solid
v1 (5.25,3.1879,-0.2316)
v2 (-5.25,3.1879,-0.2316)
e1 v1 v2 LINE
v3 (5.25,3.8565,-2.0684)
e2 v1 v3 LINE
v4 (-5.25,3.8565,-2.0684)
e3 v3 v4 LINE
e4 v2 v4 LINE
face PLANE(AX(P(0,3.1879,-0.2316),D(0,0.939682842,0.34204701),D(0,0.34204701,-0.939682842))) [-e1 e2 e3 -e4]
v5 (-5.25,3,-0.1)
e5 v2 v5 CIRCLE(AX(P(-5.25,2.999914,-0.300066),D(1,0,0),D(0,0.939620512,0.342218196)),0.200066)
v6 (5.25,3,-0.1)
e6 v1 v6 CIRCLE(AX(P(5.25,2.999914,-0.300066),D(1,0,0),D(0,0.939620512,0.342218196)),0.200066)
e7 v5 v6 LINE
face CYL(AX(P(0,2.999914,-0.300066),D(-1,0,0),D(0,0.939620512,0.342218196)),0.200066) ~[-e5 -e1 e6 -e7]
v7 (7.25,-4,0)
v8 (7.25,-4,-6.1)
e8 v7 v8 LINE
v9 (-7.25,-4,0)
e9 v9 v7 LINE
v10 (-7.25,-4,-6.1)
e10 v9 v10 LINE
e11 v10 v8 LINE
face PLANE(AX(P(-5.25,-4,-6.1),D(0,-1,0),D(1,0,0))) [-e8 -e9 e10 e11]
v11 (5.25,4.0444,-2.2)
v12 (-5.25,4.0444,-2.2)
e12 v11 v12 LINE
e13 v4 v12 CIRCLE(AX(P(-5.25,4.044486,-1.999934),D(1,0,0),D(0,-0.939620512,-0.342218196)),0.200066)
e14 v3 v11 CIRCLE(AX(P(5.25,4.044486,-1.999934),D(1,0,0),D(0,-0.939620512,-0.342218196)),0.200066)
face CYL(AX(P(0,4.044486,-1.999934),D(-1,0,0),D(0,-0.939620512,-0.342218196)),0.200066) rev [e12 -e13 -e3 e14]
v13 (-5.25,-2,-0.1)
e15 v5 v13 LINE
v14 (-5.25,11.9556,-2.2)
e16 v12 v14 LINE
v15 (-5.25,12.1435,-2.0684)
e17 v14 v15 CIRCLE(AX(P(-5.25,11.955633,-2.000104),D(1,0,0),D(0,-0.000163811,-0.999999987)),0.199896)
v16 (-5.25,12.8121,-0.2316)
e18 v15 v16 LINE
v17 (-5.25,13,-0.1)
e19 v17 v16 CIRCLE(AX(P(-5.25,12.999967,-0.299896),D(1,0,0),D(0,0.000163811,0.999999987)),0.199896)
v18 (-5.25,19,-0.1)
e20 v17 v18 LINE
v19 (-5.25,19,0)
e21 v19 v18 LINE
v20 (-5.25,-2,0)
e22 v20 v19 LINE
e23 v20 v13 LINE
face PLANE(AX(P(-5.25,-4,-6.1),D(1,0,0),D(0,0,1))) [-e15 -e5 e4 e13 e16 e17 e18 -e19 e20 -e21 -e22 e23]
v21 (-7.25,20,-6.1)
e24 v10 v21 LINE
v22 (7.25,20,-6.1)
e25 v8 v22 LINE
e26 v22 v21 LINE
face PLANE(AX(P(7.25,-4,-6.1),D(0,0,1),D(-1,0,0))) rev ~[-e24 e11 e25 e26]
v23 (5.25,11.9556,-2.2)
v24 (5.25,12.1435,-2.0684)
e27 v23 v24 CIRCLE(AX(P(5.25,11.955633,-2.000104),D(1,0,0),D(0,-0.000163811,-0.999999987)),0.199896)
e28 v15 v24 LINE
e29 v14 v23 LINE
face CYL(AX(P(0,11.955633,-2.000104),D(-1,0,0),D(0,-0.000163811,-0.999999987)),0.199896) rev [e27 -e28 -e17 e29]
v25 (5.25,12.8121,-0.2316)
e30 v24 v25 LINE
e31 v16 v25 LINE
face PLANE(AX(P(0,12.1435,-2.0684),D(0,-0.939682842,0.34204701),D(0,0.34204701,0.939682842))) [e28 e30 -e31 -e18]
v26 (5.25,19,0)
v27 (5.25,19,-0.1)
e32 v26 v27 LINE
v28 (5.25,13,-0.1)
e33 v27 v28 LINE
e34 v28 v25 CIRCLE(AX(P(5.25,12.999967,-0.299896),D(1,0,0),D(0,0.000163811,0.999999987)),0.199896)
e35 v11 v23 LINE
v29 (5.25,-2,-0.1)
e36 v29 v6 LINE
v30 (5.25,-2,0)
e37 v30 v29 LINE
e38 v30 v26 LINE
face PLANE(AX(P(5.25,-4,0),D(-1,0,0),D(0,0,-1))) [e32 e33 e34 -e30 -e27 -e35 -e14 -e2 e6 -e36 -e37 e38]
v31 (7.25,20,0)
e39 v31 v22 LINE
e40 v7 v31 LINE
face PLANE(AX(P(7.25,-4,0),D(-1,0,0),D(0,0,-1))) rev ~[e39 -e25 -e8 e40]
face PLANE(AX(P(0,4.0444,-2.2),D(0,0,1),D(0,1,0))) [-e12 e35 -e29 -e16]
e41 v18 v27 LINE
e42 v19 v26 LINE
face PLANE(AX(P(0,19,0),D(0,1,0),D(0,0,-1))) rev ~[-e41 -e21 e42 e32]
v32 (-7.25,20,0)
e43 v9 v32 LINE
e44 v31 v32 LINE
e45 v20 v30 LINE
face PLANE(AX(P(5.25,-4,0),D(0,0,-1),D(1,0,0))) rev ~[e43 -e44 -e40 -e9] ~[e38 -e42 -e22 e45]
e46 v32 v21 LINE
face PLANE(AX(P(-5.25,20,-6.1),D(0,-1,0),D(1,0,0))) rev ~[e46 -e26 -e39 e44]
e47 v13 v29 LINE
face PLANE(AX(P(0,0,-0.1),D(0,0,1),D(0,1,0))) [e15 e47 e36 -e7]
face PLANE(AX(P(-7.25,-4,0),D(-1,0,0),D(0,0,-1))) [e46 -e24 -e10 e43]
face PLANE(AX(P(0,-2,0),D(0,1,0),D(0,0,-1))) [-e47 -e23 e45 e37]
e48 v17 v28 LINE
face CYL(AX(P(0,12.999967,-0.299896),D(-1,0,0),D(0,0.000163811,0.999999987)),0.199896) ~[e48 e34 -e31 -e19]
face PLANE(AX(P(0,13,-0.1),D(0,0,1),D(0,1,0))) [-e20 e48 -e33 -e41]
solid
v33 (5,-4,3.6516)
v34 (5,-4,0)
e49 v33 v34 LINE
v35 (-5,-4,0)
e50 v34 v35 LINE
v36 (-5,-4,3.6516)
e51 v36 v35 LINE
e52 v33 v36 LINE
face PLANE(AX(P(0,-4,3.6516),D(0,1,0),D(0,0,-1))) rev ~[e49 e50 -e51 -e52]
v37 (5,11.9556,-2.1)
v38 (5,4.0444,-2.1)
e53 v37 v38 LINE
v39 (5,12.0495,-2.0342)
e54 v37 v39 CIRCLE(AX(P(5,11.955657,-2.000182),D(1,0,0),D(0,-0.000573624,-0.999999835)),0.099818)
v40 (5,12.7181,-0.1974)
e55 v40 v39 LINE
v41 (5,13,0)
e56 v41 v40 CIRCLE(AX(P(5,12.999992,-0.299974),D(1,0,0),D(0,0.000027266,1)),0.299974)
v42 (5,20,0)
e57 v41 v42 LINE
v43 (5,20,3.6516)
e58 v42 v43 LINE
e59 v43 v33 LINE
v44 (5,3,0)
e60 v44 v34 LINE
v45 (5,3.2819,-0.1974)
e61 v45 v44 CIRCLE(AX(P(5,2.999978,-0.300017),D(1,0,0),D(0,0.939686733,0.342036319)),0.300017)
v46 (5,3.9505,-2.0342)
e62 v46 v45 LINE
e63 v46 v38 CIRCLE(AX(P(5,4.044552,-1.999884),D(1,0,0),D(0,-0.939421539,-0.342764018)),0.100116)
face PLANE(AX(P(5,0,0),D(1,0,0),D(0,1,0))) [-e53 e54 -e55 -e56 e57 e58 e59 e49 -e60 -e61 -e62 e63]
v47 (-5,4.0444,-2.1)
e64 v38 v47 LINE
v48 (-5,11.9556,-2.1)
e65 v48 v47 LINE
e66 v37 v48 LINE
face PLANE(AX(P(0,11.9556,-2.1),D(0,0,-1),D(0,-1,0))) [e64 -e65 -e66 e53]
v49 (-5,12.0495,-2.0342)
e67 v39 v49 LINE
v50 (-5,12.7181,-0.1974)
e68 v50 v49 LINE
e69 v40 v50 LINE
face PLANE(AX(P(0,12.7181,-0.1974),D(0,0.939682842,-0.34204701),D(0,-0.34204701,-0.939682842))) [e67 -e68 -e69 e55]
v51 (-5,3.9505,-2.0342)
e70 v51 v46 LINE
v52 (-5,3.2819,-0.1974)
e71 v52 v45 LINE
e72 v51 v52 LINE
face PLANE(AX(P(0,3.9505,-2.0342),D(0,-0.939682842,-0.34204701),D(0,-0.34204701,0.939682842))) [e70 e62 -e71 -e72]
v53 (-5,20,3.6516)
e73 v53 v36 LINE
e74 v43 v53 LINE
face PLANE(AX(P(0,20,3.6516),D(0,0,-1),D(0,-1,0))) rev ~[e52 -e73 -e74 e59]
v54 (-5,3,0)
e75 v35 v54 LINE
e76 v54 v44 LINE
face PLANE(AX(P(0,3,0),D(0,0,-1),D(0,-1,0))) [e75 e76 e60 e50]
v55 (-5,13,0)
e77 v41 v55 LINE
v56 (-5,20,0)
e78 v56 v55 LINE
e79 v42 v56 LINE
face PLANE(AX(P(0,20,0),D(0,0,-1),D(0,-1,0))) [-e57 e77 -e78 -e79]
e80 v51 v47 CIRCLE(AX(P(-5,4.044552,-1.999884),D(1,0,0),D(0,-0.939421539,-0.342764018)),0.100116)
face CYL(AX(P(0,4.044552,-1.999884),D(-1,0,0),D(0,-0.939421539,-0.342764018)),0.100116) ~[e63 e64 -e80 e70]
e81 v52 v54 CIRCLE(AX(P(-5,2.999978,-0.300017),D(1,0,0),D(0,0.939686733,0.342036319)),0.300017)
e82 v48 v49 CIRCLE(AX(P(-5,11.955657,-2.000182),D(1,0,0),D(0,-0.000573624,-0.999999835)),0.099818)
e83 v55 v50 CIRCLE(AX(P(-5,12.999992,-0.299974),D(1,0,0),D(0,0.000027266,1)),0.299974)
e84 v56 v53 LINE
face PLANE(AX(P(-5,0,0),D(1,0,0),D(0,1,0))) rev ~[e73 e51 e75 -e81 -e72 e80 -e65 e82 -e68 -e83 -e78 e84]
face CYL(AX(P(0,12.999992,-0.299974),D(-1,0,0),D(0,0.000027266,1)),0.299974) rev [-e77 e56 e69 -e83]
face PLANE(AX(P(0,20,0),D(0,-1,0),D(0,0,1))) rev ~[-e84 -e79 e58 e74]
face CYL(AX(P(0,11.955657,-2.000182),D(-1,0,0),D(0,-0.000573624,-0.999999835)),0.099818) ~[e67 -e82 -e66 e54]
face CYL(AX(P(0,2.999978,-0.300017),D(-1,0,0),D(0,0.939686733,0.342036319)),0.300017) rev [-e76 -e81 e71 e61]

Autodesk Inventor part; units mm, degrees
ref_plane "YZ Plane" through (0, 0, 0) normal (1, 0, 0) x (0, 1, 0)
ref_plane "XZ Plane" through (0, 0, 0) normal (0, 1, 0) x (-1, 0, 0)
ref_plane "XY Plane" through (0, 0, 0) normal (0, 0, 1) x (1, 0, 0)
sketch "Skizze3" plane through (0, 0, 0) normal (1, 0, 0) x (0, 1, 0)
  line L0 (3, -0.1) -> (3, 0)
  line L1 (3, 0) -> (0, 0)
  line L2 (0, 0) -> (0, -0.1)
  line L3 (0, -0.1) -> (3, -0.1)
  line L4 (3, -0.1) -> (3, 0)
  arc A0 (3.1879, -0.2316) -> (3, -0.1) centre (3, -0.3) ccw
  line L5 (3.1879, -0.2316) -> (3.2819, -0.1974)
  arc A1 (3.2819, -0.1974) -> (3, 0) centre (3, -0.3) ccw
  line L6 (3.1879, -0.2316) -> (3.2819, -0.1974)
  line L7 (3.1879, -0.2316) -> (3.8565, -2.0684)
  line L8 (3.8565, -2.0684) -> (3.9505, -2.0342)
  line L9 (3.9505, -2.0342) -> (3.2819, -0.1974)
  line L10 (3.8565, -2.0684) -> (3.9505, -2.0342)
  arc A2 (3.8565, -2.0684) -> (4.0444, -2.2) centre (4.0444, -2) ccw
  line L11 (4.0444, -2.2) -> (4.0444, -2.1)
  arc A3 (3.9505, -2.0342) -> (4.0444, -2.1) centre (4.0444, -2) ccw
  line L12 (4.0444, -2.2) -> (11.9556, -2.2)
  line L13 (4.0444, -2.2) -> (4.0444, -2.1)
  line L14 (4.0444, -2.2) -> (11.9556, -2.2)
  line L15 (11.9556, -2.2) -> (11.9556, -2.1)
  line L16 (11.9556, -2.1) -> (4.0444, -2.1)
  line L17 (11.9556, -2.2) -> (11.9556, -2.1)
  arc A4 (11.9556, -2.2) -> (12.1435, -2.0684) centre (11.9556, -2) ccw
  line L18 (12.1435, -2.0684) -> (12.0495, -2.0342)
  arc A5 (11.9556, -2.1) -> (12.0495, -2.0342) centre (11.9556, -2) ccw
  line L19 (12.1435, -2.0684) -> (12.0495, -2.0342)
  line L20 (12.1435, -2.0684) -> (12.8121, -0.2316)
  line L21 (12.8121, -0.2316) -> (12.7181, -0.1974)
  line L22 (12.7181, -0.1974) -> (12.0495, -2.0342)
  line L23 (12.8121, -0.2316) -> (12.7181, -0.1974)
  arc A6 (13, -0.1) -> (12.8121, -0.2316) centre (13, -0.3) ccw
  line L24 (13, -0.1) -> (13, 0)
  arc A7 (13, 0) -> (12.7181, -0.1974) centre (13, -0.3) ccw
  line L25 (13, -0.1) -> (13, 0)
  line L26 (13, -0.1) -> (16, -0.1)
  line L27 (16, 0) -> (16, -0.1)
  line L28 (16, 0) -> (13, 0)
  line L29 (0, -0.1) -> (-4, -0.1)
  line L30 (-4, -0.1) -> (-4, -6.1)
  line L31 (-4, -6.1) -> (20, -6.1)
  line L32 (20, -6.1) -> (20, -0.1)
  line L33 (16, -0.1) -> (20, -0.1)
  line L34 (-4, 0) -> (-2, 0)
  line L35 (-2, 0) -> (-2, -0.1)
  line L36 (-2, -0.1) -> (-4, -0.1)
  line L37 (-4, -0.1) -> (-4, 0)
  line L38 (19, -0.1) -> (20, -0.1)
  line L39 (20, -0.1) -> (20, 0)
  line L40 (20, 0) -> (19, 0)
  line L41 (19, 0) -> (19, -0.1)
  line L42 (20, 0) -> (20, 3.6516)
  line L43 (20, 3.6516) -> (-4, 3.6516)
  line L44 (-4, 3.6516) -> (-4, -0.1)
  line L45 (16, 0) -> (19, 0)
  line L46 (-2, 0) -> (0, 0)
  point P0 (16, -0.1)
  point P1 (8, -6.1)
  point P2 (8, -2.1)
  dimension "d13" = 24
  dimension "d14" = 6
  dimension "d17" = 2
  dimension "d18" = 0.1
  dimension "d19" = 1
  dimension "d20" = 0.1
extrude "Extrusion2" add sketch "Skizze3" along normal mid plane 10.5 contours A0 L7 A2 L12 A4 L20 A6 L26 L33 L32 L31 L30 L29 L3 | L29 L37 L34 L35 | L33 L41 L40 L39
sketch "Skizze4" plane through (-5.25, -4, -6.1) normal (0, -1, 0) x (1, 0, 0)
  line L0 (10.5, 6.1) -> (10.5, 0) projected
  line L1 (10.5, 6.1) -> (12.5, 6.1)
  line L2 (12.5, 6.1) -> (12.5, 0)
  line L3 (12.5, 0) -> (10.5, 0)
  line L4 (10.5, 0) -> (10.5, 6.1)
  line L5 (0, 6.1) -> (-2, 6.1)
  line L6 (-2, 6.1) -> (-2, 0)
  line L7 (-2, 0) -> (0, 0)
  line L8 (0, 0) -> (0, 6.1)
  point P0 (5.25, 6.1)
  dimension "d24" = 2
  dimension "d31" = 2
extrude "Extrusion3" add sketch "Skizze4" against normal up to surface (24 mm away)
extrude "Extrusion4" add sketch "Skizze3" along normal mid plane 10 separate body contours L1 L46 L34 L44 L43 L42 L40 L45 L28 A7 L22 A5 L16 A3 L9 A1
properties part number "stanzev1u_3D-Druck"
